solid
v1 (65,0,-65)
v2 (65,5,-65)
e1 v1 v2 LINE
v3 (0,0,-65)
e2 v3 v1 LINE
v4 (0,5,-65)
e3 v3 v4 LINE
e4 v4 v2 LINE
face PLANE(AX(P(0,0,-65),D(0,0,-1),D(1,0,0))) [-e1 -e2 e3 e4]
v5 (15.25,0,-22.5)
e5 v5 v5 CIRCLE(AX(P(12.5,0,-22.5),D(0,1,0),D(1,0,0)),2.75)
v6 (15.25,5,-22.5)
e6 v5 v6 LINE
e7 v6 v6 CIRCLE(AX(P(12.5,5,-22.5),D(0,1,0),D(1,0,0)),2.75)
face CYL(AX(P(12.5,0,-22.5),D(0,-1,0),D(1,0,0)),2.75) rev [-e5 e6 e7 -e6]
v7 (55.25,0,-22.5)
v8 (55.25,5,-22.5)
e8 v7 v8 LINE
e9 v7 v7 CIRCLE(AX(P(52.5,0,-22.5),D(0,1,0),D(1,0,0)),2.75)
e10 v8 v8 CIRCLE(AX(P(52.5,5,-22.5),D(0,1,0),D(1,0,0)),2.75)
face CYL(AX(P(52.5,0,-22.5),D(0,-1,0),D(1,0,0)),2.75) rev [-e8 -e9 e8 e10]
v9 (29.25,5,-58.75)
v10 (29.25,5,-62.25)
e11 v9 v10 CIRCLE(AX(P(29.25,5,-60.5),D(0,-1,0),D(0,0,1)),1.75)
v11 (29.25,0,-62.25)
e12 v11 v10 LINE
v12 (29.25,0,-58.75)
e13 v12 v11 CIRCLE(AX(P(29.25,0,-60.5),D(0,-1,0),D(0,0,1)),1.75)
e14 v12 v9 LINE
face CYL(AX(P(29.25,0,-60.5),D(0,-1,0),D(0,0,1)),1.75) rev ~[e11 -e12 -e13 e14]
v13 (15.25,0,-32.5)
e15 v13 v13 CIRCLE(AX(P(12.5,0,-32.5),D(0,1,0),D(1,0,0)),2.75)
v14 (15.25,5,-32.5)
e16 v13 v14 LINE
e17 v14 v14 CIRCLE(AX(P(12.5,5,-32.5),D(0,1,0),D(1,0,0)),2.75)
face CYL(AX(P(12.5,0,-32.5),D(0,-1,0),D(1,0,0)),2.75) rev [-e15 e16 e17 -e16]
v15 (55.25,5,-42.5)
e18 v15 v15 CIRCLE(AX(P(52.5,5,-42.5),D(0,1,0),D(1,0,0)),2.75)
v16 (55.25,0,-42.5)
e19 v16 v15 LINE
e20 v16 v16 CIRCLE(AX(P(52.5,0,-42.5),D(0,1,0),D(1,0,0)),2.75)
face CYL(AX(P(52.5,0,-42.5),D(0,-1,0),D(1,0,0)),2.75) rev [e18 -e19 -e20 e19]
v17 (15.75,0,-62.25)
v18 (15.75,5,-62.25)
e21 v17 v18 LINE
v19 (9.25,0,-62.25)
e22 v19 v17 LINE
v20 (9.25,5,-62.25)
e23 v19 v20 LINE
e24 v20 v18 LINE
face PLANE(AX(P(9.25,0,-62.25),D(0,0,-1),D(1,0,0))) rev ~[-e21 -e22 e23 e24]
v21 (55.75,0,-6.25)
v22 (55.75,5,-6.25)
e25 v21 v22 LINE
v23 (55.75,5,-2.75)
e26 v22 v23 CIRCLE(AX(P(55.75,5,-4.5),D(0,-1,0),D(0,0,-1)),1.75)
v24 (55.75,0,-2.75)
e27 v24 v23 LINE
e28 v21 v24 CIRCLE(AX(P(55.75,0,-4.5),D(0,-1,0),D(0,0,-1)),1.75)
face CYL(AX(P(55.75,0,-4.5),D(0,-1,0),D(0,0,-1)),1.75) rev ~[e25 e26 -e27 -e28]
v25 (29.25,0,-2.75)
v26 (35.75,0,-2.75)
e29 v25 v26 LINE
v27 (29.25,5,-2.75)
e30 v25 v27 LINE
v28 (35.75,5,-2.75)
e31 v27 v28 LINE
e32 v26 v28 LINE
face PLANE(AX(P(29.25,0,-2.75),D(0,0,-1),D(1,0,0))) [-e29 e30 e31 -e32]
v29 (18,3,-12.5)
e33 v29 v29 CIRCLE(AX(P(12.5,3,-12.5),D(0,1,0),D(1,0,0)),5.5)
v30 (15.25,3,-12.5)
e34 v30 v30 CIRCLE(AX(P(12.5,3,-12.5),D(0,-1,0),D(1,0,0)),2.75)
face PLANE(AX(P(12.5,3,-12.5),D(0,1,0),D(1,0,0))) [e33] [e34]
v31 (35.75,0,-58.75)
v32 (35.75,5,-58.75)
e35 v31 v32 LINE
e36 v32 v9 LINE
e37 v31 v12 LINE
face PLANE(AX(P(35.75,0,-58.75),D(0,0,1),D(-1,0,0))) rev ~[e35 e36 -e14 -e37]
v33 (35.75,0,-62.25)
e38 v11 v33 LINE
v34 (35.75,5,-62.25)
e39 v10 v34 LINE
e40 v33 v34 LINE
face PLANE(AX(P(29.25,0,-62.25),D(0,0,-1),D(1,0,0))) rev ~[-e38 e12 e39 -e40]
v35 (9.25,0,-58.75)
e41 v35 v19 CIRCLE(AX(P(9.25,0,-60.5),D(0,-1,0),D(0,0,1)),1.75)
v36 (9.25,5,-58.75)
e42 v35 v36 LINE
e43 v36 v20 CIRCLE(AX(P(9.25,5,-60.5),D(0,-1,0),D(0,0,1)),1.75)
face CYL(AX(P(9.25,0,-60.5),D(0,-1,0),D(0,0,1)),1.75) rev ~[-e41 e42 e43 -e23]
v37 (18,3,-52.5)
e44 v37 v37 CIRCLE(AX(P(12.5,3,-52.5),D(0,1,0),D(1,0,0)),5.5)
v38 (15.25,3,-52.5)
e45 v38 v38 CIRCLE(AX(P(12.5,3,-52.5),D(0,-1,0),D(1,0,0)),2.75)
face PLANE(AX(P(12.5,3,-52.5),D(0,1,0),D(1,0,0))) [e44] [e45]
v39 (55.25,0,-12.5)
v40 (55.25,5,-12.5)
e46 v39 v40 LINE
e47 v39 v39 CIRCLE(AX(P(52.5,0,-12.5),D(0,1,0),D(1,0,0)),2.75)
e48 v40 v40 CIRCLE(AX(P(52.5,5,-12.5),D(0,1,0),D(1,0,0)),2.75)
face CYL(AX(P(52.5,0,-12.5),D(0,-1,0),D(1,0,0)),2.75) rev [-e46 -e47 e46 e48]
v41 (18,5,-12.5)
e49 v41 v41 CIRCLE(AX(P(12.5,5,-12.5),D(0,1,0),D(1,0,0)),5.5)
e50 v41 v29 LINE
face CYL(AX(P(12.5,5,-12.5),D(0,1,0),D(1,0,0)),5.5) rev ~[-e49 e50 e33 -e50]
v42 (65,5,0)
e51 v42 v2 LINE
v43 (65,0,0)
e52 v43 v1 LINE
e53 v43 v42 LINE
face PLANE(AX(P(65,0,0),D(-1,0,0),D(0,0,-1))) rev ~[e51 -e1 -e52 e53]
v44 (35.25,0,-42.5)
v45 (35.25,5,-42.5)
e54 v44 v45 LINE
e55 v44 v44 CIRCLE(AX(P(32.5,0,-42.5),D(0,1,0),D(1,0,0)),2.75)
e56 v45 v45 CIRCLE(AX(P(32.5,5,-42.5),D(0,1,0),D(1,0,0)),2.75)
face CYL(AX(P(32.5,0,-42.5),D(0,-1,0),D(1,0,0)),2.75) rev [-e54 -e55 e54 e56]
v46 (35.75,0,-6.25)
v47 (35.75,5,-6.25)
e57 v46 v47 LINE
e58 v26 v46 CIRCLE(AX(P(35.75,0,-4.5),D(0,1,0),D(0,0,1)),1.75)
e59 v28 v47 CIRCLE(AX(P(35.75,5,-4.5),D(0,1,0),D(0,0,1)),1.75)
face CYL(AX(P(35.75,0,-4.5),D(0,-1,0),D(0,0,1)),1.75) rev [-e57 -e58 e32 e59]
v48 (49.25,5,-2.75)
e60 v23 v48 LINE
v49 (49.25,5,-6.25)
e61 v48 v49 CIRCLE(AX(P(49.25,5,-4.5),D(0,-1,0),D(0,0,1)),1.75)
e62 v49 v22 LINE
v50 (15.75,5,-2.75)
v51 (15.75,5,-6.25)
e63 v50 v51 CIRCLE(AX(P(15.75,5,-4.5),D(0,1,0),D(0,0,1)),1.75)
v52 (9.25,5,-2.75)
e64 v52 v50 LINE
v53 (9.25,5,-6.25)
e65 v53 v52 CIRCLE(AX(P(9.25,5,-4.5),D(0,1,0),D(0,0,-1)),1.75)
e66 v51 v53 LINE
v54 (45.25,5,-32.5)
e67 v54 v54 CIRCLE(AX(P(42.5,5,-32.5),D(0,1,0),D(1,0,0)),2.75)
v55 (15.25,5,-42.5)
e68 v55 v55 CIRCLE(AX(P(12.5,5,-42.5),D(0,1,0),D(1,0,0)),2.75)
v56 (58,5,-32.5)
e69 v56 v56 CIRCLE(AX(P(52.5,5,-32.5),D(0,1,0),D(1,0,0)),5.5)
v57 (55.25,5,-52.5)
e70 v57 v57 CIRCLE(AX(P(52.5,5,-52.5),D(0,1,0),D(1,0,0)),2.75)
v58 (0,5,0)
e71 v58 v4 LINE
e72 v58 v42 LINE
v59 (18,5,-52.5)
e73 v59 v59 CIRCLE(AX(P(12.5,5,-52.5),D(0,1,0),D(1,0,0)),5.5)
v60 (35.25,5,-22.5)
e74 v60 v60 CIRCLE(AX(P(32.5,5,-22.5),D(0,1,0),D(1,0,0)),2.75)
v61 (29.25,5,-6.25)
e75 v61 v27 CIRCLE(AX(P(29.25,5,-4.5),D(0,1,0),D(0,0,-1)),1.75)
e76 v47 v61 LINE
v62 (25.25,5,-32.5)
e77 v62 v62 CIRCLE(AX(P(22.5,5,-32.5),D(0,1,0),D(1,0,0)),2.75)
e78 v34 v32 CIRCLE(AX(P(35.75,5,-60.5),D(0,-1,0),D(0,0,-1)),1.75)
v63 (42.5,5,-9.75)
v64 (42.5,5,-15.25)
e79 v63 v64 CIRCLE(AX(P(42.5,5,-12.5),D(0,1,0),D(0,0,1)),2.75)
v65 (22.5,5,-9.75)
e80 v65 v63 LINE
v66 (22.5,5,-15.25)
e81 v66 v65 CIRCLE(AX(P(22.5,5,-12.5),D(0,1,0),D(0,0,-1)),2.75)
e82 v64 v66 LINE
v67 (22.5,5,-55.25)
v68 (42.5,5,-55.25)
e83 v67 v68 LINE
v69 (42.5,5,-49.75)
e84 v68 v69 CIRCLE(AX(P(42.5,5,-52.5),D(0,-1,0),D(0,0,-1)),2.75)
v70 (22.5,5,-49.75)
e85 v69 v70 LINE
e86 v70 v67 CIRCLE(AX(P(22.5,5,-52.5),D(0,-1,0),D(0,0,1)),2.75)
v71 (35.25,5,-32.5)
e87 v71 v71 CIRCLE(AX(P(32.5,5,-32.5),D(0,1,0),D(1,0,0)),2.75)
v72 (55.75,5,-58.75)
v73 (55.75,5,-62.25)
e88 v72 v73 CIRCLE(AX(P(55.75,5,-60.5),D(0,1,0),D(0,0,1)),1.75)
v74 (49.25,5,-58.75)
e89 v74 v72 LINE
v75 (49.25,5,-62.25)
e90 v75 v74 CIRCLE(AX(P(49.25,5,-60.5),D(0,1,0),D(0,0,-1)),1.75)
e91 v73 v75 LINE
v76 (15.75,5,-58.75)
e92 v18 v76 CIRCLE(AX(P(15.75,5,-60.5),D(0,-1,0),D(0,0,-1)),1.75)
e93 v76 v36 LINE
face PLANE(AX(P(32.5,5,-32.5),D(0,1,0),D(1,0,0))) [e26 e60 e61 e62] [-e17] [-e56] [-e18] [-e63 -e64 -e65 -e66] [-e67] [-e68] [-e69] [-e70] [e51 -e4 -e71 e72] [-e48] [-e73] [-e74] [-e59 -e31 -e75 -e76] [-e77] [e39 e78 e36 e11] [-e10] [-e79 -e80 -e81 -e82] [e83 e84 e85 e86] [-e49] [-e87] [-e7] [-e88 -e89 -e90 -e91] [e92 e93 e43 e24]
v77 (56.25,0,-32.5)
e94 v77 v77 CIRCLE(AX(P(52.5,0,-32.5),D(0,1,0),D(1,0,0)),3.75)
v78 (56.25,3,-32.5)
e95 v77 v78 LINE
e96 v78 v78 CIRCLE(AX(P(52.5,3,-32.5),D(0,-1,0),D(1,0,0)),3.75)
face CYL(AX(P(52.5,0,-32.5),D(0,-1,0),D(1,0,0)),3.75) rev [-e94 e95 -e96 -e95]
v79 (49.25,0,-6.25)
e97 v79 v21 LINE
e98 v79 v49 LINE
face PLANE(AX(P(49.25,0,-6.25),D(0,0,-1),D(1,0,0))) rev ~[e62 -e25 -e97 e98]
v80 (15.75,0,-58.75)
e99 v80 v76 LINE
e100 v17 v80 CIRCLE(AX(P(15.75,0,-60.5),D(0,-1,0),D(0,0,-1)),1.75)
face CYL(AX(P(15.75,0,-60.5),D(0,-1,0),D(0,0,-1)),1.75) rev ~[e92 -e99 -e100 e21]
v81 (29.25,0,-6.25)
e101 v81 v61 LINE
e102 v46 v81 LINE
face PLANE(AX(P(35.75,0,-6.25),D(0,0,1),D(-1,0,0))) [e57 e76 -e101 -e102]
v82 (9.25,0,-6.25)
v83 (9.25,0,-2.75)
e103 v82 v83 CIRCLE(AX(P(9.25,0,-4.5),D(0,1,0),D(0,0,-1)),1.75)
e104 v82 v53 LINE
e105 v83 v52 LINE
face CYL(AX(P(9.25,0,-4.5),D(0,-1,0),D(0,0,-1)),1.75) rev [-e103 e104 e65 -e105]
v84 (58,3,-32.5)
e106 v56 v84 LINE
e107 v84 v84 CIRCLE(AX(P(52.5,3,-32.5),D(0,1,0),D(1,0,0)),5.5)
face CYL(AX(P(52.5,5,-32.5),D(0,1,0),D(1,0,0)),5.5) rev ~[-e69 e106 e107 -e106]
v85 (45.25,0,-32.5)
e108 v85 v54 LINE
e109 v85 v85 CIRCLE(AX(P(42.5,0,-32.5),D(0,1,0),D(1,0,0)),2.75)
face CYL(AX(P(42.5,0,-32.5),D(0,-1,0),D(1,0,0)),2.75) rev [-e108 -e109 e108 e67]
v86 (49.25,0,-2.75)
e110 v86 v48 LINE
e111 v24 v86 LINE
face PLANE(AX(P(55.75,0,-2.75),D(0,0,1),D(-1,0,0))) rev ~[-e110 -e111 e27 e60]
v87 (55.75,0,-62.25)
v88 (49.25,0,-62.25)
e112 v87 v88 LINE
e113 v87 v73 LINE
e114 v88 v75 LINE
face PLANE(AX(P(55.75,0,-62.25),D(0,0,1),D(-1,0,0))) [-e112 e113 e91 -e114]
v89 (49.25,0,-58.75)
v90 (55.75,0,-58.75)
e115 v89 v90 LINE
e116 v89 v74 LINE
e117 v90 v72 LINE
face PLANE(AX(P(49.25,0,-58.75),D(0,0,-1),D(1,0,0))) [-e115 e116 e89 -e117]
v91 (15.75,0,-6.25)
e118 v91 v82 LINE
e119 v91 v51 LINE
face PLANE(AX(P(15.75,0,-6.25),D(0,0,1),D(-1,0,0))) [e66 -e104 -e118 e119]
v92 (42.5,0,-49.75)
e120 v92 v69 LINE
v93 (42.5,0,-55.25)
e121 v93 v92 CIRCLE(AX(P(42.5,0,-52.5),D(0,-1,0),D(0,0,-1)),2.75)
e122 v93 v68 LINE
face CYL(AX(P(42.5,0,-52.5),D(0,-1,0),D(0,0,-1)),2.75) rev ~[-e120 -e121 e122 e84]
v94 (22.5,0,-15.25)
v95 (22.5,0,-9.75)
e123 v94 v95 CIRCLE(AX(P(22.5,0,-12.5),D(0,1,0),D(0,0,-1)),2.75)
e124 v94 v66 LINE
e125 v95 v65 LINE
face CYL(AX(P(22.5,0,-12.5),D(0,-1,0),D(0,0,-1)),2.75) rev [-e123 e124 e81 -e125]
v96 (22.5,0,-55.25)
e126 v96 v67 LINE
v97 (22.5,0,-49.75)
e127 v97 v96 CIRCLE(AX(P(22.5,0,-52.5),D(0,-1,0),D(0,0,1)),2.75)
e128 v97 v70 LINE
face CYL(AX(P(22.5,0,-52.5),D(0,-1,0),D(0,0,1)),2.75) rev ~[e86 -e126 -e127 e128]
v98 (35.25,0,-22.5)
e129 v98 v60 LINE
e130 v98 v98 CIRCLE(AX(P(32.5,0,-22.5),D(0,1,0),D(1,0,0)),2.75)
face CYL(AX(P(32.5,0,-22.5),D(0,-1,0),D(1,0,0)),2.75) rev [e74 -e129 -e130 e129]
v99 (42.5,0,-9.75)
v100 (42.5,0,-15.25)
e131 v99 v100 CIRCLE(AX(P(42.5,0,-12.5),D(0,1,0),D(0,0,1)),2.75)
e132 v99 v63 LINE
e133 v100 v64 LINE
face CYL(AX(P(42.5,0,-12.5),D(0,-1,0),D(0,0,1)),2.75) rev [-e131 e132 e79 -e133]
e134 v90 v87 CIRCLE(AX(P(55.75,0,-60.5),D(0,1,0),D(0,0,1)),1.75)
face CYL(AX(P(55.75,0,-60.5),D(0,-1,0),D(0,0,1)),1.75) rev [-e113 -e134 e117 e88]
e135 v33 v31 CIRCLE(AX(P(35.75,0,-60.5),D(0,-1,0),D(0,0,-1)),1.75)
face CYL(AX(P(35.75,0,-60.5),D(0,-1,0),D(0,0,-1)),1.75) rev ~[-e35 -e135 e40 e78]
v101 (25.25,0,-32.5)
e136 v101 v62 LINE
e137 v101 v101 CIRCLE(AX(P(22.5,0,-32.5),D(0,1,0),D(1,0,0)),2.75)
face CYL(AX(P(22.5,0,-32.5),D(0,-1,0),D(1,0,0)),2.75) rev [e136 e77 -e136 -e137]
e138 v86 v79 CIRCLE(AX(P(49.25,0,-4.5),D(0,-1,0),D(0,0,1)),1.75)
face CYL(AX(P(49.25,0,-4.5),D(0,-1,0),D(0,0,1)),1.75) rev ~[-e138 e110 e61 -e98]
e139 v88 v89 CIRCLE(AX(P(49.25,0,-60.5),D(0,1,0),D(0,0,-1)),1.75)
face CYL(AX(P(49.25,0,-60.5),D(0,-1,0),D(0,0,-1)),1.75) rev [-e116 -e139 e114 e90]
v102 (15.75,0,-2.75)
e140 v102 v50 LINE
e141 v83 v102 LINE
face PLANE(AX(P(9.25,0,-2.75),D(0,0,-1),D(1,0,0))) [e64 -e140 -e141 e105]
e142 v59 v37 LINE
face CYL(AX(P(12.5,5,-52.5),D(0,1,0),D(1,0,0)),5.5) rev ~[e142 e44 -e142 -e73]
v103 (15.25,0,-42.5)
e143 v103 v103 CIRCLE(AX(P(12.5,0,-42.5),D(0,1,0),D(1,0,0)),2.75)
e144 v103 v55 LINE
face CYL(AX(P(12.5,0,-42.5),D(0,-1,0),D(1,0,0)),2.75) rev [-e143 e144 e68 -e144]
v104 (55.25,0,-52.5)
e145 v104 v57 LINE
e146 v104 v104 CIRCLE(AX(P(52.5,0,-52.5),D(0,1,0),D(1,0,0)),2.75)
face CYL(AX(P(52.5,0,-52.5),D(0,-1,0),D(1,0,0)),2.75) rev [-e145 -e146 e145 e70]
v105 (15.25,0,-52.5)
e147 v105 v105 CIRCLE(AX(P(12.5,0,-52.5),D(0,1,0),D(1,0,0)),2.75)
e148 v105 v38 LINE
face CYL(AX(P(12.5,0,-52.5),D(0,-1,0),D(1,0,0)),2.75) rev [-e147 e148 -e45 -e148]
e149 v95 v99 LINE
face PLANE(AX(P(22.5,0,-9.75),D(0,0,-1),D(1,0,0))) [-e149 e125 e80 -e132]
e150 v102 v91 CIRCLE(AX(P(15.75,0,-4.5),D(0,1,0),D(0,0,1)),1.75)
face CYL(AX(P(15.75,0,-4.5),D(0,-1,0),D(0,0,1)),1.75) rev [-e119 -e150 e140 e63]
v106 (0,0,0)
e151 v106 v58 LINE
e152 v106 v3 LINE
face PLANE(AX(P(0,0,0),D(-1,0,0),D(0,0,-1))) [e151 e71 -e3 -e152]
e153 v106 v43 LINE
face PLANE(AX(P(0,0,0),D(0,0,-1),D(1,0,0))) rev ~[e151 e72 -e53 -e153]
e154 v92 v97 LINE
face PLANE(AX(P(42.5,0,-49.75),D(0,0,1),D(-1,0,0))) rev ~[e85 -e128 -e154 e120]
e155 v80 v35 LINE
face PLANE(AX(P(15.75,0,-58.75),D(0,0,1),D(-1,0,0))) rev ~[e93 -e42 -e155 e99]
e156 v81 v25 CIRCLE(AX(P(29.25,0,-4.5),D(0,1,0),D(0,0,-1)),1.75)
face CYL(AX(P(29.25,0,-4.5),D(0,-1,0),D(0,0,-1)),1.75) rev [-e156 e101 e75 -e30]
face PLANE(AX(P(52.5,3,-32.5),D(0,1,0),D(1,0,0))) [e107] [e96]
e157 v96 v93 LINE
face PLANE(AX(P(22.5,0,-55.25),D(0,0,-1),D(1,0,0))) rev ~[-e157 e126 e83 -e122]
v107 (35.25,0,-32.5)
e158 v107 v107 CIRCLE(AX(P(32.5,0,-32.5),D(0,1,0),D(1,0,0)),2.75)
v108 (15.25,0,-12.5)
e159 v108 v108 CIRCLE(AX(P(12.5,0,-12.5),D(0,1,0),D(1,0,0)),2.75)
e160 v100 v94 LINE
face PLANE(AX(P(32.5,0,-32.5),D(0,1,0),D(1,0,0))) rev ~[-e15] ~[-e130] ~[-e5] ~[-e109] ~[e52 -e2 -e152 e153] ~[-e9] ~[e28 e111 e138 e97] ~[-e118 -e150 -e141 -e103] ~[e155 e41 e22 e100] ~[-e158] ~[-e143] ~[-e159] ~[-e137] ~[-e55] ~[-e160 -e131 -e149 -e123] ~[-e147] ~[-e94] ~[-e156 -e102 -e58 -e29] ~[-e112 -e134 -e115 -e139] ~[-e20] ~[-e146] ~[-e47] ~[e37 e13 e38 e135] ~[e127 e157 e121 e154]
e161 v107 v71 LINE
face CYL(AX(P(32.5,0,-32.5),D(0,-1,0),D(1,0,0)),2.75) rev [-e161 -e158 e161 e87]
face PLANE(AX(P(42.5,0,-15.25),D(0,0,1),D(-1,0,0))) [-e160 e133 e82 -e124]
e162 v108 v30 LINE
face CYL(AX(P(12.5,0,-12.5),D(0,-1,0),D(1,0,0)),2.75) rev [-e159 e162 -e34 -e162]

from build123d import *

# Parameters (mm, degrees)
SKETCH1_W           = 65
SKETCH1_H           = 65
SKETCH1_R           = 2.75
SKETCH1_R_2         = 3.75
BOSS_EXTRUDE1_DEPTH = 5
SKETCH2_R           = 5.5
CUT_EXTRUDE1_DEPTH  = 2


with BuildPart() as part:
    # Sketch1 → Boss-Extrude1 (new body)
    with BuildSketch(Plane(origin=(0, 0, 0), x_dir=(1, 0, 0), z_dir=(0, 1, 0))):
        with Locations((32.5, 32.5)):
            Rectangle(SKETCH1_W, SKETCH1_H)
        with Locations((32.5, 32.5)):
            Circle(SKETCH1_R, mode=Mode.SUBTRACT)
        with Locations((22.5, 32.5)):
            Circle(SKETCH1_R, mode=Mode.SUBTRACT)
        with Locations((12.5, 32.5)):
            Circle(SKETCH1_R, mode=Mode.SUBTRACT)
        with Locations((32.5, 42.5)):
            Circle(SKETCH1_R, mode=Mode.SUBTRACT)
        with Locations((12.5, 42.5)):
            Circle(SKETCH1_R, mode=Mode.SUBTRACT)
        with Locations((12.5, 52.5)):
            Circle(SKETCH1_R, mode=Mode.SUBTRACT)
        with Locations((42.5, 32.5)):
            Circle(SKETCH1_R, mode=Mode.SUBTRACT)
        with Locations((52.5, 32.5)):
            Circle(SKETCH1_R_2, mode=Mode.SUBTRACT)
        with Locations((52.5, 42.5)):
            Circle(SKETCH1_R, mode=Mode.SUBTRACT)
        with Locations((52.5, 22.5)):
            Circle(SKETCH1_R, mode=Mode.SUBTRACT)
        with Locations((32.5, 22.5)):
            Circle(SKETCH1_R, mode=Mode.SUBTRACT)
        with Locations((12.5, 22.5)):
            Circle(SKETCH1_R, mode=Mode.SUBTRACT)
        with Locations((12.5, 12.5)):
            Circle(SKETCH1_R, mode=Mode.SUBTRACT)
        with Locations((52.5, 52.5)):
            Circle(SKETCH1_R, mode=Mode.SUBTRACT)
        with Locations((52.5, 12.5)):
            Circle(SKETCH1_R, mode=Mode.SUBTRACT)
        with BuildLine():
            Line((22.5, 55.25), (42.5, 55.25))
            ThreePointArc((42.5, 55.25), (45.25, 52.5), (42.5, 49.75))
            Line((42.5, 49.75), (22.5, 49.75))
            ThreePointArc((22.5, 49.75), (19.75, 52.5), (22.5, 55.25))
        make_face(mode=Mode.SUBTRACT)
        with BuildLine():
            Line((29.25, 62.25), (35.75, 62.25))
            ThreePointArc((35.75, 62.25), (37.5, 60.5), (35.75, 58.75))
            Line((35.75, 58.75), (29.25, 58.75))
            ThreePointArc((29.25, 58.75), (27.5, 60.5), (29.25, 62.25))
        make_face(mode=Mode.SUBTRACT)
        with BuildLine():
            Line((9.25, 62.25), (15.75, 62.25))
            ThreePointArc((15.75, 62.25), (17.5, 60.5), (15.75, 58.75))
            Line((15.75, 58.75), (9.25, 58.75))
            ThreePointArc((9.25, 58.75), (7.5, 60.5), (9.25, 62.25))
        make_face(mode=Mode.SUBTRACT)
        with BuildLine():
            Line((55.75, 62.25), (49.25, 62.25))
            ThreePointArc((49.25, 62.25), (47.5, 60.5), (49.25, 58.75))
            Line((49.25, 58.75), (55.75, 58.75))
            ThreePointArc((55.75, 58.75), (57.5, 60.5), (55.75, 62.25))
        make_face(mode=Mode.SUBTRACT)
        with BuildLine():
            Line((22.5, 9.75), (42.5, 9.75))
            ThreePointArc((42.5, 9.75), (45.25, 12.5), (42.5, 15.25))
            Line((42.5, 15.25), (22.5, 15.25))
            ThreePointArc((22.5, 15.25), (19.75, 12.5), (22.5, 9.75))
        make_face(mode=Mode.SUBTRACT)
        with BuildLine():
            Line((55.75, 2.75), (49.25, 2.75))
            ThreePointArc((49.25, 2.75), (47.5, 4.5), (49.25, 6.25))
            Line((49.25, 6.25), (55.75, 6.25))
            ThreePointArc((55.75, 6.25), (57.5, 4.5), (55.75, 2.75))
        make_face(mode=Mode.SUBTRACT)
        with BuildLine():
            Line((9.25, 2.75), (15.75, 2.75))
            ThreePointArc((15.75, 2.75), (17.5, 4.5), (15.75, 6.25))
            Line((15.75, 6.25), (9.25, 6.25))
            ThreePointArc((9.25, 6.25), (7.5, 4.5), (9.25, 2.75))
        make_face(mode=Mode.SUBTRACT)
        with BuildLine():
            Line((29.25, 2.75), (35.75, 2.75))
            ThreePointArc((35.75, 2.75), (37.5, 4.5), (35.75, 6.25))
            Line((35.75, 6.25), (29.25, 6.25))
            ThreePointArc((29.25, 6.25), (27.5, 4.5), (29.25, 2.75))
        make_face(mode=Mode.SUBTRACT)
    extrude(amount=BOSS_EXTRUDE1_DEPTH)

    # Sketch2 → Cut-Extrude1 (cut)
    with BuildSketch(Plane(origin=(0, 5, 0), x_dir=(1, 0, 0), z_dir=(0, 1, 0))):
        with Locations((12.5, 52.5)):
            Circle(SKETCH2_R)
        with Locations((52.5, 32.5)):
            Circle(SKETCH2_R)
        with Locations((12.5, 12.5)):
            Circle(SKETCH2_R)
    extrude(amount=-CUT_EXTRUDE1_DEPTH, mode=Mode.SUBTRACT)


solid = part.part
